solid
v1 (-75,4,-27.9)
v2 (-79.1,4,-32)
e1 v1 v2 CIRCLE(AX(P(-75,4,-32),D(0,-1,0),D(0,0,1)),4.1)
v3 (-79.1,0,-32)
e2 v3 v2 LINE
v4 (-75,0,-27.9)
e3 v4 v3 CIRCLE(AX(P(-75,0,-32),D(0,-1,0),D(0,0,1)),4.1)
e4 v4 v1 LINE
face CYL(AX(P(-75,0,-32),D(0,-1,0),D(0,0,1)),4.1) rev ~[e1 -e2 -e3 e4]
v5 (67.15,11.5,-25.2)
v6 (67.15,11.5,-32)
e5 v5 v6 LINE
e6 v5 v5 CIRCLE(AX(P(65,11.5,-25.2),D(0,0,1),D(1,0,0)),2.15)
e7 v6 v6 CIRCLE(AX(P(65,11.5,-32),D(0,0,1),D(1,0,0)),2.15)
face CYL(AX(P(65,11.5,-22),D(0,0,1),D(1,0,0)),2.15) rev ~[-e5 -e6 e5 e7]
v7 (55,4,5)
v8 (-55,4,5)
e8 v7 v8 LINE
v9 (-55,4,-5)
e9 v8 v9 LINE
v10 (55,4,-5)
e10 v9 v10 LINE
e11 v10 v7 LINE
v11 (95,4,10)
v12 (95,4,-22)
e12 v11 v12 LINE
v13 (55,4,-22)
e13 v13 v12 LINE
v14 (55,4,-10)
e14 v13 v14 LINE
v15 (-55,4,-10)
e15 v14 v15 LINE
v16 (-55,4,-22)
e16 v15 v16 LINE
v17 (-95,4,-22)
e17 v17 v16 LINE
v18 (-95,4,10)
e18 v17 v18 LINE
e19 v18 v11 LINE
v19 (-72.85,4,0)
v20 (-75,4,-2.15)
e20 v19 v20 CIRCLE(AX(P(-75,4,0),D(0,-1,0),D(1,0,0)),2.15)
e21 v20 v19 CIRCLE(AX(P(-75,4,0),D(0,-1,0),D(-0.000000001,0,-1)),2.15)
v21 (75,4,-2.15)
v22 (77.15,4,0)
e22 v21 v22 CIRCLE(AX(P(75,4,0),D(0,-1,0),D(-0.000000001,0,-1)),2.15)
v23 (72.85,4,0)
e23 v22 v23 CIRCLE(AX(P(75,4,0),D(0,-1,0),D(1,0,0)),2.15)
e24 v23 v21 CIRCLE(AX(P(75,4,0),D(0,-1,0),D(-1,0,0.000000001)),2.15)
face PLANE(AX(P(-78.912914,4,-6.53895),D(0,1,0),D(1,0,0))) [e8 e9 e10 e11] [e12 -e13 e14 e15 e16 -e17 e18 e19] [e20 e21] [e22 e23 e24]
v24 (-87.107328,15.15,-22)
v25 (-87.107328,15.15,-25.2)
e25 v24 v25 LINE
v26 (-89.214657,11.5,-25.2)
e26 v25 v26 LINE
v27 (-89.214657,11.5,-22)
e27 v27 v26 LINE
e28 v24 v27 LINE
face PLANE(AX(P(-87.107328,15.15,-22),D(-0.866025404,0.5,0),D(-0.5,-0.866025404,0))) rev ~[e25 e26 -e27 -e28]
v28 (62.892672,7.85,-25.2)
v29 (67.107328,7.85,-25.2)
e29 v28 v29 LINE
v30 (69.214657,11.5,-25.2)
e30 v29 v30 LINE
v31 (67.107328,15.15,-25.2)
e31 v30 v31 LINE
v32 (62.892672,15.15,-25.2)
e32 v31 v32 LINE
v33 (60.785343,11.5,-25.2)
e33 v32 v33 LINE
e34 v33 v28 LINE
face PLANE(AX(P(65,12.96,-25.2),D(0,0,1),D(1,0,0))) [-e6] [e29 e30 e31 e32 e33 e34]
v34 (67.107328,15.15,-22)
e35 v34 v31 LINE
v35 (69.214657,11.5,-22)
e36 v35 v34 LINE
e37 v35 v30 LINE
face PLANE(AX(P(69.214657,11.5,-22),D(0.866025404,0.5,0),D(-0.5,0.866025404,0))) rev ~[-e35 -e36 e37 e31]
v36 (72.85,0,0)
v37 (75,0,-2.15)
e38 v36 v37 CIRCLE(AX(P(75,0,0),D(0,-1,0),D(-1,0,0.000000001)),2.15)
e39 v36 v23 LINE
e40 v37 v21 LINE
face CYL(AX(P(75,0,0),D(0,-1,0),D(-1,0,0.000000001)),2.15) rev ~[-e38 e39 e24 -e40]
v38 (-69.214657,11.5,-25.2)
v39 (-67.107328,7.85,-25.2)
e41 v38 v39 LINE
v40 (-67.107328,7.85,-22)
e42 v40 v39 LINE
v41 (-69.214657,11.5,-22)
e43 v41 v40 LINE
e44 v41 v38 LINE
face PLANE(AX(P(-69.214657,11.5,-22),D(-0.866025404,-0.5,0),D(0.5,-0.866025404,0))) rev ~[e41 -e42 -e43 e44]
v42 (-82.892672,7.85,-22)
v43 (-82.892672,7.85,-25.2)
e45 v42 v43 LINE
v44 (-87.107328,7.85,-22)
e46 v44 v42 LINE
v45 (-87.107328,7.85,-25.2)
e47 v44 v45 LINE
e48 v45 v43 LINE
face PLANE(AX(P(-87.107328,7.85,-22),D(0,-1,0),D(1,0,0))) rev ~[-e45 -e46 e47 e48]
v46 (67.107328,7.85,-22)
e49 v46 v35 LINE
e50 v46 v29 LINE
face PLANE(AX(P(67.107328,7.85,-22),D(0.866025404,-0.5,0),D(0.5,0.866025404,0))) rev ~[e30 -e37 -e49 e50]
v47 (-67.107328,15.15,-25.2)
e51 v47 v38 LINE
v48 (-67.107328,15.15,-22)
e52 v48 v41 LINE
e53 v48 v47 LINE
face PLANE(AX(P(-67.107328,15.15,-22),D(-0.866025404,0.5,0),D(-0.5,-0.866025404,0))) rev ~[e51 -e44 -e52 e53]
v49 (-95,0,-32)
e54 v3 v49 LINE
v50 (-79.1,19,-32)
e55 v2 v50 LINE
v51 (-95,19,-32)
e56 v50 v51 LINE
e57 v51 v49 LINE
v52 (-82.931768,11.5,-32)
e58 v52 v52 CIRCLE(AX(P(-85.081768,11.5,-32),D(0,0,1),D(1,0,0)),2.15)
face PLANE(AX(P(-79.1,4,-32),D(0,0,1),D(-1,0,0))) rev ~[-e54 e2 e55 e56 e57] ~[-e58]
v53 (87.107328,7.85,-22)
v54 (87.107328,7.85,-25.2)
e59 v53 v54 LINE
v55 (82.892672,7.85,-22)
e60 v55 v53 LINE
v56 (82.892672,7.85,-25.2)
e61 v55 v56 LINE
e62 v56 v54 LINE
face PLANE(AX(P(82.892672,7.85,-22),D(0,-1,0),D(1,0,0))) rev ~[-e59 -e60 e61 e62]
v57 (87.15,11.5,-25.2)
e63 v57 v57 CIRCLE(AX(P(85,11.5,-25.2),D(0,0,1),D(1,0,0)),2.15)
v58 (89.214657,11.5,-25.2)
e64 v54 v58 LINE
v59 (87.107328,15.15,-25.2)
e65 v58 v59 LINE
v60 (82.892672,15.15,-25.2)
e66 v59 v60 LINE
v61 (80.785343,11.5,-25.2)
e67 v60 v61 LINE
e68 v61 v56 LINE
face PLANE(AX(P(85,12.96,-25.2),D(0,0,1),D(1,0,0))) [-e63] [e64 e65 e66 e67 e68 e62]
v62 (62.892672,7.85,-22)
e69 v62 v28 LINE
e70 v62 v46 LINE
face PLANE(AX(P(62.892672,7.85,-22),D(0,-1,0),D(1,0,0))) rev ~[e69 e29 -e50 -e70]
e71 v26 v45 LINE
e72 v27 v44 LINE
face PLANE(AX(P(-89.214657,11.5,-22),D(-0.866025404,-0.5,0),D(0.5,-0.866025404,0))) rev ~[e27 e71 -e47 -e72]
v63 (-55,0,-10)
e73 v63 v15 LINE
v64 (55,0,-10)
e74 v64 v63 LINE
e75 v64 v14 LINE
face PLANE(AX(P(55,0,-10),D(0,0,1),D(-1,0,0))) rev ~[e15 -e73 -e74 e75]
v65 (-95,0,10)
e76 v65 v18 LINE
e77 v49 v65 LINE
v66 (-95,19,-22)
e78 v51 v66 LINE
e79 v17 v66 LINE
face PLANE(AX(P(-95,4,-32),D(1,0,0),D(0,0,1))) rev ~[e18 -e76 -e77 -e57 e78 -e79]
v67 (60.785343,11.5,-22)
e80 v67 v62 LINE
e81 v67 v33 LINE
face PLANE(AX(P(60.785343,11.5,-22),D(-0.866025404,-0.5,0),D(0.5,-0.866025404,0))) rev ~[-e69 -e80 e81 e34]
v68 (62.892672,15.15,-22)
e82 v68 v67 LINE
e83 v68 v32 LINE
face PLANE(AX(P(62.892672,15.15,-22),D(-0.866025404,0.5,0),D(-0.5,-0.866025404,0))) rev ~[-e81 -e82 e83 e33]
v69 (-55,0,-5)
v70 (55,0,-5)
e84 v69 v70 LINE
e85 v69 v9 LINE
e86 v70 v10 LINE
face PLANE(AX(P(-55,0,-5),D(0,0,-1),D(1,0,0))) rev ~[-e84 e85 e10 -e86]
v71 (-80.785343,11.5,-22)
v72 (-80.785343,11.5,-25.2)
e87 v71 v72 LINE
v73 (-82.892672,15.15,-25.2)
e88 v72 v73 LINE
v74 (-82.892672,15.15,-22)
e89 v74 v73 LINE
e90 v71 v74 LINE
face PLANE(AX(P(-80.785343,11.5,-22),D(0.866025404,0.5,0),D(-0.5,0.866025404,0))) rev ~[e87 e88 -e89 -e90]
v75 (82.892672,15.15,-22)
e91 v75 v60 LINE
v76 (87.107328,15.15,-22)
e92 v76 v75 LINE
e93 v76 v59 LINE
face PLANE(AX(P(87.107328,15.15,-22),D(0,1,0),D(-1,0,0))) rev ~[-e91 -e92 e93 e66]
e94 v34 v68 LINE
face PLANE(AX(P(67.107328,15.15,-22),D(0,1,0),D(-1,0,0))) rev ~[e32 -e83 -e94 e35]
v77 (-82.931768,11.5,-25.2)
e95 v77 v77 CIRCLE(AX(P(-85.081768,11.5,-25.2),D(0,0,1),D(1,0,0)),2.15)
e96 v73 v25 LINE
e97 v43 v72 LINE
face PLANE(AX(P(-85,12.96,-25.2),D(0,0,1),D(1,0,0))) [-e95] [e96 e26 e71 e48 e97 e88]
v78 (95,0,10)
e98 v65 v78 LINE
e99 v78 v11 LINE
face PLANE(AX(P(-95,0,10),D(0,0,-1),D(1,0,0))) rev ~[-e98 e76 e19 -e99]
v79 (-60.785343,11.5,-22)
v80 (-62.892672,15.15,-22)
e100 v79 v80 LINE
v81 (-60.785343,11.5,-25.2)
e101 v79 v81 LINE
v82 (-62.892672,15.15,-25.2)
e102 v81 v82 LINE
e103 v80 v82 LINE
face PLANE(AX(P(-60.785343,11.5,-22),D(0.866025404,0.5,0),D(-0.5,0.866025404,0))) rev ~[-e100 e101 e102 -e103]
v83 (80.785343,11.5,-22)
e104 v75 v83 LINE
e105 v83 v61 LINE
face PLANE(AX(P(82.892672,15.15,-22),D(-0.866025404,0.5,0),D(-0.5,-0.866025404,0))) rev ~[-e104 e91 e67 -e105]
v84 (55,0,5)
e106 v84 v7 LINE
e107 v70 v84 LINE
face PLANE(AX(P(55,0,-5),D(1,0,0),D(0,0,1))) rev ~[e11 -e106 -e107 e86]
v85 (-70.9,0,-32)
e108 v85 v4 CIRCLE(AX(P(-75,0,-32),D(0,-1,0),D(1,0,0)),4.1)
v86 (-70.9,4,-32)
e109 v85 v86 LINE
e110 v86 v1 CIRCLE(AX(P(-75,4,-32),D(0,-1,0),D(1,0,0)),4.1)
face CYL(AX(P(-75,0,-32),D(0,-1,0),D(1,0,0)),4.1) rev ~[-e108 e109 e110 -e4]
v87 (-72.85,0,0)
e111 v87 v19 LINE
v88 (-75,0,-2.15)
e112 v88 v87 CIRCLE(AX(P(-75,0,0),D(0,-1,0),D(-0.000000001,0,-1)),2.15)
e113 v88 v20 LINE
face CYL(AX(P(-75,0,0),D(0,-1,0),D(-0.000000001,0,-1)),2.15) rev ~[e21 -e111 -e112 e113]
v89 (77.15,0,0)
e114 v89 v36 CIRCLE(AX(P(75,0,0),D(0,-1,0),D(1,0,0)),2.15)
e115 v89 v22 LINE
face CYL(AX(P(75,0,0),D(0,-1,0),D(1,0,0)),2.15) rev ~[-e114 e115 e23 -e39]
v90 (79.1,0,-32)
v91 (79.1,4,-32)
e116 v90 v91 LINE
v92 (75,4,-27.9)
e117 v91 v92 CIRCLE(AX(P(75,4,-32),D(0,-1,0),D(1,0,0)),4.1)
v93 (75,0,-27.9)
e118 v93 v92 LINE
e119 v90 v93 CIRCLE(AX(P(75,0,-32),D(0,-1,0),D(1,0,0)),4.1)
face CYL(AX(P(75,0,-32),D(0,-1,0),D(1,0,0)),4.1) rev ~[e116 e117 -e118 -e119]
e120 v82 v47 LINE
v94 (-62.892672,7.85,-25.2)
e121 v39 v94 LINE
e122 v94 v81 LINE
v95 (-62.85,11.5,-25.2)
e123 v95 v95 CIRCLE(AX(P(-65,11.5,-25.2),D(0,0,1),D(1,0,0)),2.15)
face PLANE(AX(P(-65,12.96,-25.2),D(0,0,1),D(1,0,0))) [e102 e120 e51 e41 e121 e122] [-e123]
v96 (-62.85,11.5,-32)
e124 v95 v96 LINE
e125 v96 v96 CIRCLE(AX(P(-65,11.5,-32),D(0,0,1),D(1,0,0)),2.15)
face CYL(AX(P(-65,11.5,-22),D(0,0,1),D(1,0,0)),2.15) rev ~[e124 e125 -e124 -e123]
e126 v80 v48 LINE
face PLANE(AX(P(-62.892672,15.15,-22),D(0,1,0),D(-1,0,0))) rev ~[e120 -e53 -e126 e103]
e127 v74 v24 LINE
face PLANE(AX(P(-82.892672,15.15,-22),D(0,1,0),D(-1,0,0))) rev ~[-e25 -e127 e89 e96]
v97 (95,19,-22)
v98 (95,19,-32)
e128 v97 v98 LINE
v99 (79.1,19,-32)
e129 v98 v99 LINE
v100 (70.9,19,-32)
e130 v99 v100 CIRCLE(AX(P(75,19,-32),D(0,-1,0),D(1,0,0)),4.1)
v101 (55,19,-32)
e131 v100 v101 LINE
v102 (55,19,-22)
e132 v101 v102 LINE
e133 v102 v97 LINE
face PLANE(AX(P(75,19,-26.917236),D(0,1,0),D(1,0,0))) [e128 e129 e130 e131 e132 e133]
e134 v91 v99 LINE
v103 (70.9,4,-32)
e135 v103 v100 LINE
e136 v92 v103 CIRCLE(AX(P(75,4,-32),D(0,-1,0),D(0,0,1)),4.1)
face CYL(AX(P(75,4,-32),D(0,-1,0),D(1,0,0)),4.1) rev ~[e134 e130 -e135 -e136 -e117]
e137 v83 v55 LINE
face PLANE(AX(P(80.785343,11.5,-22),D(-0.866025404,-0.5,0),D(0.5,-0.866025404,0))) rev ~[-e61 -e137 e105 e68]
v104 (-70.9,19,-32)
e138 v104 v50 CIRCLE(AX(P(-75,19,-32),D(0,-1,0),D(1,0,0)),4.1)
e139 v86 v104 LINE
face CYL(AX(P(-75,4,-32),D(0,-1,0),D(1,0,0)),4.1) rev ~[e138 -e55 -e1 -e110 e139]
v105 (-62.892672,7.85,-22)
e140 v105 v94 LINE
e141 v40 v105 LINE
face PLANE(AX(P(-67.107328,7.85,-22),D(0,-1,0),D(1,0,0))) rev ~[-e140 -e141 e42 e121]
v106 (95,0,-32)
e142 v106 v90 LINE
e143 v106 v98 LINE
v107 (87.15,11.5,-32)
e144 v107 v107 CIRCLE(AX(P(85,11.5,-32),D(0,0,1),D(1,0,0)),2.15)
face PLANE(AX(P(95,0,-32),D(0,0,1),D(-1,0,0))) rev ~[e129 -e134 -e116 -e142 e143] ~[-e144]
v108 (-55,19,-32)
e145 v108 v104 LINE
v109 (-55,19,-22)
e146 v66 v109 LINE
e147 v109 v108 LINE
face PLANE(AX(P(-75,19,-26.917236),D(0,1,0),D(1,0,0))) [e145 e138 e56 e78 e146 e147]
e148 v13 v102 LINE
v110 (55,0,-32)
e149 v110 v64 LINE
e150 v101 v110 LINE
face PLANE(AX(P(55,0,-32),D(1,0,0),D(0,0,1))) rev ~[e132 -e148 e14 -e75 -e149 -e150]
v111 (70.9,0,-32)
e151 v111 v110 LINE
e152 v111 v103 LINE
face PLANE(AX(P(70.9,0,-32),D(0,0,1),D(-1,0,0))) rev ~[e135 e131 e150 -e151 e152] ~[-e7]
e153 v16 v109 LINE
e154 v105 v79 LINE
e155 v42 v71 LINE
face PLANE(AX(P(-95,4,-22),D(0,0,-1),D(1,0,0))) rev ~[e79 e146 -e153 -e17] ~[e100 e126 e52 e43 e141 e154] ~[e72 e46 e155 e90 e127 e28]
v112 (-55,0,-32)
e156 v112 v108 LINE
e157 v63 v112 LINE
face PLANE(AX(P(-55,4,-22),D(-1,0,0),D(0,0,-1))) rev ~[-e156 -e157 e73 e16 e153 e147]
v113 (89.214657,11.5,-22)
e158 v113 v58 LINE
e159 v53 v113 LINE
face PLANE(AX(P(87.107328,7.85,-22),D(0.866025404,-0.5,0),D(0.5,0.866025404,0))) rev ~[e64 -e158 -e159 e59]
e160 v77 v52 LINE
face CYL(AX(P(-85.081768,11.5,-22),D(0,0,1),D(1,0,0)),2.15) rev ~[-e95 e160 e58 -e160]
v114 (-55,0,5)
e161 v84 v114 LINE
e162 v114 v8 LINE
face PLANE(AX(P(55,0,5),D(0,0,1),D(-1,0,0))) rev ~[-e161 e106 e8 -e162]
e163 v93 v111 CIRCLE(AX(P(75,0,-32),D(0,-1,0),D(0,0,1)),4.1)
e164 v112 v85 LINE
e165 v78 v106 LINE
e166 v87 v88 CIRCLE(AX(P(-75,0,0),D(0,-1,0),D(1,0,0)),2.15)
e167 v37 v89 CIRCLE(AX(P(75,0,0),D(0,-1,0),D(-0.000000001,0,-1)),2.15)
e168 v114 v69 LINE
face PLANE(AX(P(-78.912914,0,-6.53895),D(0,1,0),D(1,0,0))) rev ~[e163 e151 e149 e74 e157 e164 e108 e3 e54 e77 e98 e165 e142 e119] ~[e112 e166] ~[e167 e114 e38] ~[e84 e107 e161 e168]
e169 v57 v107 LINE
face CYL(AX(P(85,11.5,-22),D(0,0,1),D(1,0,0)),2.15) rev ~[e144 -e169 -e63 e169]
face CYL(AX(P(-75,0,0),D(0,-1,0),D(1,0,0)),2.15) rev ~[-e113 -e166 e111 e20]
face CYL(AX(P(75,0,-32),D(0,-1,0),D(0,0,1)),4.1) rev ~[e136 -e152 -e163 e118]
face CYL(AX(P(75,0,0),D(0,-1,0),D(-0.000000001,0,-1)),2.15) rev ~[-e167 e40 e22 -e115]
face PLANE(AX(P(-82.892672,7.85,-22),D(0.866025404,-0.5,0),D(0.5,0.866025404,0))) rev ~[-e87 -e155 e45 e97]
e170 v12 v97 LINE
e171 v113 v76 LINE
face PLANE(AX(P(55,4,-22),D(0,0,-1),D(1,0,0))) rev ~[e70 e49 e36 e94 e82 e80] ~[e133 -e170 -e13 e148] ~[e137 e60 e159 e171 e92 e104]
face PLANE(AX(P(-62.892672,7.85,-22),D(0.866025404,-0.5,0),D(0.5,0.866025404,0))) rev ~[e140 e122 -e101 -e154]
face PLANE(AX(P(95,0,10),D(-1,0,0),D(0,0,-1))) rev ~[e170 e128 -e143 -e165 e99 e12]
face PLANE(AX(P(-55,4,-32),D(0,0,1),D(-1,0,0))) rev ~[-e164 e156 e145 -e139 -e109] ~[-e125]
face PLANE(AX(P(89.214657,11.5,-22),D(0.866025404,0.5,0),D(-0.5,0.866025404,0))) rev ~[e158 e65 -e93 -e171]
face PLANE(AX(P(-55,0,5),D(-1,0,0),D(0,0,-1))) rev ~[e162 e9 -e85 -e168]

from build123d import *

# Parameters (mm, degrees)
SKIZZE1_W                       = 55
SKIZZE1_H                       = 5
AUFSATZ_LINEAR_AUSTRAGEN1_DEPTH = 4
AUFSATZ_LINEAR_AUSTRAGEN2_DEPTH = 15
SCHNITT_LINEAR_AUSTRAGEN1_DEPTH = 3.2
SCHNITT_LINEAR_AUSTRAGEN2_DEPTH = 15


with BuildPart() as part:
    # Skizze1 → Aufsatz-Linear austragen1 (new body)
    with BuildSketch(Plane(origin=(0, 0, 0), x_dir=(1, 0, 0), z_dir=(0, 1, 0))):
        with BuildLine():
            Line((-55, -5), (-55, 0))
            Line((-55, 0), (-72.85, 0))
            ThreePointArc((-72.85, 0), (-76.52027958, -1.52027958), (-75, 2.15))
            Line((-75, 2.15), (-75, 27.9))
            ThreePointArc((-75, 27.9), (-77.899137803, 29.100862197), (-79.1, 32))
            Line((-79.1, 32), (-95, 32))
            Line((-95, 32), (-95, -10))
            Line((-95, -10), (-55, -10))
            Line((-55, -10), (-55, -5))
        make_face()
        with BuildLine():
            Line((-72.85, 0), (-55, 0))
            Line((-55, 0), (-55, 5))
            Line((-55, 5), (-55, 10))
            Line((-55, 10), (-55, 32))
            Line((-55, 32), (-70.9, 32))
            ThreePointArc((-70.9, 32), (-72.100862197, 29.100862197), (-75, 27.9))
            Line((-75, 27.9), (-75, 2.15))
            ThreePointArc((-75, 2.15), (-73.47972042, 1.52027958), (-72.85, 0))
        make_face()
        with Locations((-27.5, 7.5)):
            Rectangle(SKIZZE1_W, SKIZZE1_H)
        with Locations((27.5, 7.5)):
            Rectangle(SKIZZE1_W, SKIZZE1_H)
        with BuildLine():
            Line((55, 5), (55, 0))
            Line((55, 0), (72.85, 0))
            ThreePointArc((72.85, 0), (73.47972042, 1.52027958), (75, 2.15))
            Line((75, 2.15), (75, 27.9))
            ThreePointArc((75, 27.9), (72.100862197, 29.100862197), (70.9, 32))
            Line((70.9, 32), (55, 32))
            Line((55, 32), (55, 10))
            Line((55, 10), (55, 5))
        make_face()
        with BuildLine():
            Line((72.85, 0), (55, 0))
            Line((55, 0), (55, -5))
            Line((55, -5), (55, -10))
            Line((55, -10), (95, -10))
            Line((95, -10), (95, 32))
            Line((95, 32), (79.1, 32))
            ThreePointArc((79.1, 32), (77.899137803, 29.100862197), (75, 27.9))
            Line((75, 27.9), (75, 2.15))
            ThreePointArc((75, 2.15), (76.52027958, 1.52027958), (77.15, 0))
            ThreePointArc((77.15, 0), (75, -2.15), (72.85, 0))
        make_face()
        with Locations((27.5, -7.5)):
            Rectangle(SKIZZE1_W, SKIZZE1_H)
        with Locations((-27.5, -7.5)):
            Rectangle(SKIZZE1_W, SKIZZE1_H)
    extrude(amount=AUFSATZ_LINEAR_AUSTRAGEN1_DEPTH)

    # Skizze2 → Aufsatz-Linear austragen2 (add)
    with BuildSketch(Plane(origin=(0, 4, 0), x_dir=(1, 0, 0), z_dir=(0, 1, 0))):
        with BuildLine():
            Line((-95, 32), (-95, 22))
            Line((-95, 22), (-55, 22))
            Line((-55, 22), (-55, 32))
            Line((-55, 32), (-70.9, 32))
            ThreePointArc((-70.9, 32), (-75, 27.9), (-79.1, 32))
            Line((-79.1, 32), (-95, 32))
        make_face()
        with BuildLine():
            Line((55, 32), (55, 22))
            Line((55, 22), (95, 22))
            Line((95, 22), (95, 32))
            Line((95, 32), (79.1, 32))
            ThreePointArc((79.1, 32), (75, 27.9), (70.9, 32))
            Line((70.9, 32), (55, 32))
        make_face()
    extrude(amount=AUFSATZ_LINEAR_AUSTRAGEN2_DEPTH)

    # Skizze3 → Schnitt-Linear austragen1 (cut)
    with BuildSketch(Plane.XY.offset(-22)):
        Polygon((-87.107328483, 15.15), (-89.214656965, 11.5), (-85, 11.5), (-80.785343035, 11.5), (-82.892671517, 15.15), align=None)
        Polygon((-85, 11.5), (-89.214656965, 11.5), (-87.107328483, 7.85), (-82.892671517, 7.85), (-80.785343035, 11.5), align=None)
        Polygon((-67.107328483, 15.15), (-69.214656965, 11.5), (-65, 11.5), (-60.785343035, 11.5), (-62.892671517, 15.15), align=None)
        Polygon((-65, 11.5), (-69.214656965, 11.5), (-67.107328483, 7.85), (-62.892671517, 7.85), (-60.785343035, 11.5), align=None)
        Polygon((85, 11.5), (89.214656965, 11.5), (87.107328483, 15.15), (82.892671517, 15.15), (80.785343035, 11.5), align=None)
        Polygon((87.107328483, 7.85), (89.214656965, 11.5), (85, 11.5), (80.785343035, 11.5), (82.892671517, 7.85), align=None)
        Polygon((65, 11.5), (69.214656965, 11.5), (67.107328483, 15.15), (62.892671517, 15.15), (60.785343035, 11.5), align=None)
        Polygon((67.107328483, 7.85), (69.214656965, 11.5), (65, 11.5), (60.785343035, 11.5), (62.892671517, 7.85), align=None)
    extrude(amount=-SCHNITT_LINEAR_AUSTRAGEN1_DEPTH, mode=Mode.SUBTRACT)

    # Skizze4 → Schnitt-Linear austragen2 (cut)
    with BuildSketch(Plane.XY.offset(-22)):
        with BuildLine():
            ThreePointArc((-87.231768347, 11.5), (-85.081768347, 9.35), (-82.931768347, 11.5))
            Line((-82.931768347, 11.5), (-85.081768347, 11.5))
            Line((-85.081768347, 11.5), (-87.231768347, 11.5))
        make_face()
        with BuildLine():
            Line((-85.081768347, 11.5), (-82.931768347, 11.5))
            ThreePointArc((-82.931768347, 11.5), (-85.081768347, 13.65), (-87.231768347, 11.5))
            Line((-87.231768347, 11.5), (-85.081768347, 11.5))
        make_face()
        with BuildLine():
            ThreePointArc((-67.15, 11.5), (-65, 9.35), (-62.85, 11.5))
            Line((-62.85, 11.5), (-65, 11.5))
            Line((-65, 11.5), (-67.15, 11.5))
        make_face()
        with BuildLine():
            Line((-65, 11.5), (-62.85, 11.5))
            ThreePointArc((-62.85, 11.5), (-65, 13.65), (-67.15, 11.5))
            Line((-67.15, 11.5), (-65, 11.5))
        make_face()
        with BuildLine():
            ThreePointArc((62.85, 11.5), (65, 9.35), (67.15, 11.5))
            Line((67.15, 11.5), (65, 11.5))
            Line((65, 11.5), (62.85, 11.5))
        make_face()
        with BuildLine():
            Line((65, 11.5), (67.15, 11.5))
            ThreePointArc((67.15, 11.5), (65, 13.65), (62.85, 11.5))
            Line((62.85, 11.5), (65, 11.5))
        make_face()
        with BuildLine():
            ThreePointArc((82.85, 11.5), (85, 9.35), (87.15, 11.5))
            Line((87.15, 11.5), (85, 11.5))
            Line((85, 11.5), (82.85, 11.5))
        make_face()
        with BuildLine():
            Line((85, 11.5), (87.15, 11.5))
            ThreePointArc((87.15, 11.5), (85, 13.65), (82.85, 11.5))
            Line((82.85, 11.5), (85, 11.5))
        make_face()
    extrude(amount=-SCHNITT_LINEAR_AUSTRAGEN2_DEPTH, mode=Mode.SUBTRACT)


solid = part.part
